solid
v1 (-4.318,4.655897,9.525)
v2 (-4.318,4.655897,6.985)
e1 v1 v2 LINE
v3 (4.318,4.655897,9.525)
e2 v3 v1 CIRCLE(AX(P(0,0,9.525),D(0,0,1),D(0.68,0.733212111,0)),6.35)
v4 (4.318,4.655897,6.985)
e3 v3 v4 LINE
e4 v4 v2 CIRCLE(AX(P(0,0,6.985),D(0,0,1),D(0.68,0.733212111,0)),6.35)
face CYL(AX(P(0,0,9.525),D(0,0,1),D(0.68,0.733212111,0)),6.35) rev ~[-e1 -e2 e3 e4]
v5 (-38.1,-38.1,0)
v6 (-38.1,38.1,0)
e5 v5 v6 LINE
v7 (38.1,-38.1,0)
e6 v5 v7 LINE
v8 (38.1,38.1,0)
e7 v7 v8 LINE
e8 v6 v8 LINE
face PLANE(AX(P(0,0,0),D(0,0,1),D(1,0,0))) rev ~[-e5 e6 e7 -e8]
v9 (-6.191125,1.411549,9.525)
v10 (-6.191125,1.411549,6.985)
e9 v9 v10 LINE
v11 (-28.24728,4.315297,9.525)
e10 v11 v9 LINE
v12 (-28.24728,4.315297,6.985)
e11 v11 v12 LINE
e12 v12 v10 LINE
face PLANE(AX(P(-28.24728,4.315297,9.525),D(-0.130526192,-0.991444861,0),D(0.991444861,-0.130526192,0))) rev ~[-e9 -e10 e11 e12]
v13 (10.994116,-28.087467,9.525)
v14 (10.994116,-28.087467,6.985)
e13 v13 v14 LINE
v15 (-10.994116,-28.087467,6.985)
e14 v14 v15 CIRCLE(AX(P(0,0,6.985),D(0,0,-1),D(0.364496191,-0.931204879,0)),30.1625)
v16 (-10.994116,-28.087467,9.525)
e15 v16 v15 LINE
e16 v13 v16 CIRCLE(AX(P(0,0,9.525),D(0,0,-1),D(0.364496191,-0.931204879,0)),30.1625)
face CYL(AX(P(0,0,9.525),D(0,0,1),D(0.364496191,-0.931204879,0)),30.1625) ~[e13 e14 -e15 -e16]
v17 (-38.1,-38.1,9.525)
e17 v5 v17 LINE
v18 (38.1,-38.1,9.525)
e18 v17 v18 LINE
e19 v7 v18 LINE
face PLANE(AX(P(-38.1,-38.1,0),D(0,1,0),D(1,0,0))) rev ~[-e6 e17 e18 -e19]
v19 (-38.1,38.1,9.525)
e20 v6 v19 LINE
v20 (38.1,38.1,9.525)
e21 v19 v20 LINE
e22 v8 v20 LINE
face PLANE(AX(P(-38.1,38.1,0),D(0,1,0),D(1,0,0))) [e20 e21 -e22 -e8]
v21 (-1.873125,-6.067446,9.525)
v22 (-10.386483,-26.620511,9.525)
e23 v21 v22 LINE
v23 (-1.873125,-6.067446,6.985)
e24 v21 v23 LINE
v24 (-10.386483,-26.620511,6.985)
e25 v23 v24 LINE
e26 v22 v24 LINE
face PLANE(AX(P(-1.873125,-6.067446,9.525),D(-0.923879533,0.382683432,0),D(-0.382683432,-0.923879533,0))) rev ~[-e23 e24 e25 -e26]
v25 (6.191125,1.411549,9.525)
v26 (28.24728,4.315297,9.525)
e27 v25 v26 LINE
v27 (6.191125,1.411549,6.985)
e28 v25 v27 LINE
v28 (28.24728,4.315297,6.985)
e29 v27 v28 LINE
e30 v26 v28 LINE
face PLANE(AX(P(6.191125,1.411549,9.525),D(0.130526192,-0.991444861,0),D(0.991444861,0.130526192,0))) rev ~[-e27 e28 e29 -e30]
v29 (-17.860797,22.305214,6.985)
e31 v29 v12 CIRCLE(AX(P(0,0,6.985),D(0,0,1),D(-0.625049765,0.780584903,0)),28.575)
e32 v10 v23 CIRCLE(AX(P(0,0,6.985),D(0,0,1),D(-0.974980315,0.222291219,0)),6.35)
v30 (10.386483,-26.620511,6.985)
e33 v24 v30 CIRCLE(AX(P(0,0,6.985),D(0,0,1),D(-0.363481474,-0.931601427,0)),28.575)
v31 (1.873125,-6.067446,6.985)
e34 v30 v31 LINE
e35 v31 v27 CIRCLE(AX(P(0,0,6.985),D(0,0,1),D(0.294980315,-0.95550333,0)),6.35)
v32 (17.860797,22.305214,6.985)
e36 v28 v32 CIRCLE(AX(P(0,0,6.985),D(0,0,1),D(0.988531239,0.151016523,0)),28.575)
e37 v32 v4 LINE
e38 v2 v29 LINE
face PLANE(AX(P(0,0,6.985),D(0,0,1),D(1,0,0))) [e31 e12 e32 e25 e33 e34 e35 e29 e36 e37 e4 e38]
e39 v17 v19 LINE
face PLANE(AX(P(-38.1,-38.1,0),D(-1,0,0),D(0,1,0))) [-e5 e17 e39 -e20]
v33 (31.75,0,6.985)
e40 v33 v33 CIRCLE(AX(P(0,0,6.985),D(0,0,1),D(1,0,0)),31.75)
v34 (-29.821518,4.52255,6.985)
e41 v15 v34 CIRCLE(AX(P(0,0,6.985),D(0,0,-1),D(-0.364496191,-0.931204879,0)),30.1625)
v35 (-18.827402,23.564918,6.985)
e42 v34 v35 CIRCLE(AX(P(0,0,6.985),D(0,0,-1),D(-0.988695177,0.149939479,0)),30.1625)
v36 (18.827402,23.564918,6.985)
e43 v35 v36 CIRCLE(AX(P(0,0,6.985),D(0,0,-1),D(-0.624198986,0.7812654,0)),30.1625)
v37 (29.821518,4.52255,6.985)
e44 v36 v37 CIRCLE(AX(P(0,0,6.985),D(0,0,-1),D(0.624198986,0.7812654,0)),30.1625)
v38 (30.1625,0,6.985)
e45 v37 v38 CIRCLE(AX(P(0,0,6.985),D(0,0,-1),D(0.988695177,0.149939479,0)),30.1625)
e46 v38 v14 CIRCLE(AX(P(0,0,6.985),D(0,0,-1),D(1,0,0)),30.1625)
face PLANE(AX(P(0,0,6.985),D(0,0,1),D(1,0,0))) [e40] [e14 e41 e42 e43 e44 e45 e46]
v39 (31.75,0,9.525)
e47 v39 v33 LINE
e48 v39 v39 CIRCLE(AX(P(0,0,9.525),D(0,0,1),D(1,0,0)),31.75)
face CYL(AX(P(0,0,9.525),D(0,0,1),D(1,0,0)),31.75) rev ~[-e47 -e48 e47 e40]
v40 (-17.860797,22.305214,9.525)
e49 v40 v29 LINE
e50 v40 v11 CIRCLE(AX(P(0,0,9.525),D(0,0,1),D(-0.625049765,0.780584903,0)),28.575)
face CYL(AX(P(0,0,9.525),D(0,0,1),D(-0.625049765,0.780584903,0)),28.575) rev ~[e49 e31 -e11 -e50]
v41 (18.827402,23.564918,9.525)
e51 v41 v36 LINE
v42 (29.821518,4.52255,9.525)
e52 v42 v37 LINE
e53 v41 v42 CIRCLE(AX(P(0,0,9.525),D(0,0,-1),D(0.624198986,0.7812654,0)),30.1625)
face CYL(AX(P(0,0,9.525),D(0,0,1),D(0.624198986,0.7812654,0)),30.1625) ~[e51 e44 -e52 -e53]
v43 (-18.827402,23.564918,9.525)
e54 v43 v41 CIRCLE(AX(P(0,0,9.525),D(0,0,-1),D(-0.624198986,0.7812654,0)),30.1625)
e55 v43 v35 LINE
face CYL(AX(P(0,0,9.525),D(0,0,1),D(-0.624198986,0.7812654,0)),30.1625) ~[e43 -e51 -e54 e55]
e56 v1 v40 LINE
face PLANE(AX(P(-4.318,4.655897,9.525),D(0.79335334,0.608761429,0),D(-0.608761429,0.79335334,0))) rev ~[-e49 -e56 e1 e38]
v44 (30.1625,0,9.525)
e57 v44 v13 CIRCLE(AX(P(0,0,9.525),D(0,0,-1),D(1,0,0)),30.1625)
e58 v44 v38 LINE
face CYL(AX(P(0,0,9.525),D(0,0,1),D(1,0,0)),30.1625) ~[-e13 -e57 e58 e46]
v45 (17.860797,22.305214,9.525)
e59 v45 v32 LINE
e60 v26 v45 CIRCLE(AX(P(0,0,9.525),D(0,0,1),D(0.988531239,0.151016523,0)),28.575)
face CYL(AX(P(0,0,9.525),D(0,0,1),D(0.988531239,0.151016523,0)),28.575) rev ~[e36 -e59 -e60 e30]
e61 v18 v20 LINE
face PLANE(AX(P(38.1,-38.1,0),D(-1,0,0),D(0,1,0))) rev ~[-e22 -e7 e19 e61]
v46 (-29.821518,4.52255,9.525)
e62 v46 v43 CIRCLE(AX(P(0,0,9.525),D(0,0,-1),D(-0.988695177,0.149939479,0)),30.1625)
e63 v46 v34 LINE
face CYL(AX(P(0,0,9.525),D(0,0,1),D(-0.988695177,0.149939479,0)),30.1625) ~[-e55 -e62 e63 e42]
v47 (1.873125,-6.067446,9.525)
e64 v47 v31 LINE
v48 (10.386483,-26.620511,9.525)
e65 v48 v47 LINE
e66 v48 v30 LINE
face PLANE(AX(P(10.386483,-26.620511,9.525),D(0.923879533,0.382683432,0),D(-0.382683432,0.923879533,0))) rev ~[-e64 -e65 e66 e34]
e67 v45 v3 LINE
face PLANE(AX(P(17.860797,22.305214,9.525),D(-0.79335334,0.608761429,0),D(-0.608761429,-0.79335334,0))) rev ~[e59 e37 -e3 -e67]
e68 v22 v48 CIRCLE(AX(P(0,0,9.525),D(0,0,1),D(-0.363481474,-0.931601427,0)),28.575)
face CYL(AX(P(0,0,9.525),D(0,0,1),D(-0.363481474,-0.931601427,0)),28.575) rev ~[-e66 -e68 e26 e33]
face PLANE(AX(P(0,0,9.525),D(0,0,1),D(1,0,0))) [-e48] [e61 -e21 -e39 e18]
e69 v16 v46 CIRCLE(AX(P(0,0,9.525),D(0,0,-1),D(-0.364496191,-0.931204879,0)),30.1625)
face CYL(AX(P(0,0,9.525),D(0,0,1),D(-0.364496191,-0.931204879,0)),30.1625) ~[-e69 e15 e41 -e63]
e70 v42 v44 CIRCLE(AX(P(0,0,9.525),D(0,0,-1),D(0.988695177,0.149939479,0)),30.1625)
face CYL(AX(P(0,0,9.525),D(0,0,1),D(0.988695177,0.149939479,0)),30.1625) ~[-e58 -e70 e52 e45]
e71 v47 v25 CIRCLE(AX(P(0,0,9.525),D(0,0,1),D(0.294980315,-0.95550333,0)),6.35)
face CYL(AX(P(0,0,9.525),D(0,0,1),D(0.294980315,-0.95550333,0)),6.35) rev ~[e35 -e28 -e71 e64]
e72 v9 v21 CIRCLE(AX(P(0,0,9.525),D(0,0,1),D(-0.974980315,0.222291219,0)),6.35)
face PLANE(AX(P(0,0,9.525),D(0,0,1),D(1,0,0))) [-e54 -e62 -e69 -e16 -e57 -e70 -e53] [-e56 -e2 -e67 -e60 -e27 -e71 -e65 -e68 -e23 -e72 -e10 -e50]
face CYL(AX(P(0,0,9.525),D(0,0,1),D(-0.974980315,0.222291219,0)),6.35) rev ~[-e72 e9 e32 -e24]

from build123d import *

# Parameters (mm, degrees)
F0_W     = 76.2
F0_H     = 76.2
F1_DEPTH = 9.525
F2_R     = 31.75
F3_DEPTH = 2.54


with BuildPart() as f1:
    # F0 (on Top) → F1 (new body)
    with BuildSketch(Plane.XY):
        Rectangle(F0_W, F0_H)
    extrude(amount=F1_DEPTH)

    # F2 (on face) → F3 (cut)
    with BuildSketch(Plane.XY.offset(9.525)):
        Circle(F2_R)
        with BuildLine():
            ThreePointArc((29.8215182706, 4.5225495338), (30.0771337654, 2.2676928157), (30.1625, 0))
            ThreePointArc((30.1625, 0), (24.913715506, -17.0024464691), (10.9941163492, -28.0874671687))
            ThreePointArc((10.9941163492, -28.0874671687), (0, -30.1625), (-10.9941163492, -28.0874671687))
            ThreePointArc((-10.9941163492, -28.0874671687), (-26.1214912416, -15.08125), (-29.8215182706, 4.5225495338))
            ThreePointArc((-29.8215182706, 4.5225495338), (-26.1214912416, 15.08125), (-18.8274019215, 23.5649176349))
            ThreePointArc((-18.8274019215, 23.5649176349), (0, 30.1625), (18.8274019215, 23.5649176349))
            ThreePointArc((18.8274019215, 23.5649176349), (26.1214912416, 15.08125), (29.8215182706, 4.5225495338))
        make_face(mode=Mode.SUBTRACT)
        with BuildLine():
            Line((6.1911249981, 1.4115492405), (28.2472801431, 4.3152971525))
            ThreePointArc((28.2472801431, 4.3152971525), (24.7466759131, 14.2875), (17.8607970305, 22.3052136155))
            Line((17.8607970305, 22.3052136155), (4.318, 4.6558969061))
            ThreePointArc((4.318, 4.6558969061), (0, 6.35), (-4.318, 4.6558969061))
            Line((-4.318, 4.6558969061), (-17.8607970305, 22.3052136155))
            ThreePointArc((-17.8607970305, 22.3052136155), (-24.7466759131, 14.2875), (-28.2472801431, 4.3152971525))
            Line((-28.2472801431, 4.3152971525), (-6.1911249981, 1.4115492405))
            ThreePointArc((-6.1911249981, 1.4115492405), (-5.499261314, -3.175), (-1.8731249981, -6.0674461466))
            Line((-1.8731249981, -6.0674461466), (-10.3864831126, -26.620510768))
            ThreePointArc((-10.3864831126, -26.620510768), (0, -28.575), (10.3864831126, -26.620510768))
            Line((10.3864831126, -26.620510768), (1.8731249981, -6.0674461466))
            ThreePointArc((1.8731249981, -6.0674461466), (5.499261314, -3.175), (6.1911249981, 1.4115492405))
        make_face()
    extrude(amount=-F3_DEPTH, mode=Mode.SUBTRACT)


solid = f1.part
